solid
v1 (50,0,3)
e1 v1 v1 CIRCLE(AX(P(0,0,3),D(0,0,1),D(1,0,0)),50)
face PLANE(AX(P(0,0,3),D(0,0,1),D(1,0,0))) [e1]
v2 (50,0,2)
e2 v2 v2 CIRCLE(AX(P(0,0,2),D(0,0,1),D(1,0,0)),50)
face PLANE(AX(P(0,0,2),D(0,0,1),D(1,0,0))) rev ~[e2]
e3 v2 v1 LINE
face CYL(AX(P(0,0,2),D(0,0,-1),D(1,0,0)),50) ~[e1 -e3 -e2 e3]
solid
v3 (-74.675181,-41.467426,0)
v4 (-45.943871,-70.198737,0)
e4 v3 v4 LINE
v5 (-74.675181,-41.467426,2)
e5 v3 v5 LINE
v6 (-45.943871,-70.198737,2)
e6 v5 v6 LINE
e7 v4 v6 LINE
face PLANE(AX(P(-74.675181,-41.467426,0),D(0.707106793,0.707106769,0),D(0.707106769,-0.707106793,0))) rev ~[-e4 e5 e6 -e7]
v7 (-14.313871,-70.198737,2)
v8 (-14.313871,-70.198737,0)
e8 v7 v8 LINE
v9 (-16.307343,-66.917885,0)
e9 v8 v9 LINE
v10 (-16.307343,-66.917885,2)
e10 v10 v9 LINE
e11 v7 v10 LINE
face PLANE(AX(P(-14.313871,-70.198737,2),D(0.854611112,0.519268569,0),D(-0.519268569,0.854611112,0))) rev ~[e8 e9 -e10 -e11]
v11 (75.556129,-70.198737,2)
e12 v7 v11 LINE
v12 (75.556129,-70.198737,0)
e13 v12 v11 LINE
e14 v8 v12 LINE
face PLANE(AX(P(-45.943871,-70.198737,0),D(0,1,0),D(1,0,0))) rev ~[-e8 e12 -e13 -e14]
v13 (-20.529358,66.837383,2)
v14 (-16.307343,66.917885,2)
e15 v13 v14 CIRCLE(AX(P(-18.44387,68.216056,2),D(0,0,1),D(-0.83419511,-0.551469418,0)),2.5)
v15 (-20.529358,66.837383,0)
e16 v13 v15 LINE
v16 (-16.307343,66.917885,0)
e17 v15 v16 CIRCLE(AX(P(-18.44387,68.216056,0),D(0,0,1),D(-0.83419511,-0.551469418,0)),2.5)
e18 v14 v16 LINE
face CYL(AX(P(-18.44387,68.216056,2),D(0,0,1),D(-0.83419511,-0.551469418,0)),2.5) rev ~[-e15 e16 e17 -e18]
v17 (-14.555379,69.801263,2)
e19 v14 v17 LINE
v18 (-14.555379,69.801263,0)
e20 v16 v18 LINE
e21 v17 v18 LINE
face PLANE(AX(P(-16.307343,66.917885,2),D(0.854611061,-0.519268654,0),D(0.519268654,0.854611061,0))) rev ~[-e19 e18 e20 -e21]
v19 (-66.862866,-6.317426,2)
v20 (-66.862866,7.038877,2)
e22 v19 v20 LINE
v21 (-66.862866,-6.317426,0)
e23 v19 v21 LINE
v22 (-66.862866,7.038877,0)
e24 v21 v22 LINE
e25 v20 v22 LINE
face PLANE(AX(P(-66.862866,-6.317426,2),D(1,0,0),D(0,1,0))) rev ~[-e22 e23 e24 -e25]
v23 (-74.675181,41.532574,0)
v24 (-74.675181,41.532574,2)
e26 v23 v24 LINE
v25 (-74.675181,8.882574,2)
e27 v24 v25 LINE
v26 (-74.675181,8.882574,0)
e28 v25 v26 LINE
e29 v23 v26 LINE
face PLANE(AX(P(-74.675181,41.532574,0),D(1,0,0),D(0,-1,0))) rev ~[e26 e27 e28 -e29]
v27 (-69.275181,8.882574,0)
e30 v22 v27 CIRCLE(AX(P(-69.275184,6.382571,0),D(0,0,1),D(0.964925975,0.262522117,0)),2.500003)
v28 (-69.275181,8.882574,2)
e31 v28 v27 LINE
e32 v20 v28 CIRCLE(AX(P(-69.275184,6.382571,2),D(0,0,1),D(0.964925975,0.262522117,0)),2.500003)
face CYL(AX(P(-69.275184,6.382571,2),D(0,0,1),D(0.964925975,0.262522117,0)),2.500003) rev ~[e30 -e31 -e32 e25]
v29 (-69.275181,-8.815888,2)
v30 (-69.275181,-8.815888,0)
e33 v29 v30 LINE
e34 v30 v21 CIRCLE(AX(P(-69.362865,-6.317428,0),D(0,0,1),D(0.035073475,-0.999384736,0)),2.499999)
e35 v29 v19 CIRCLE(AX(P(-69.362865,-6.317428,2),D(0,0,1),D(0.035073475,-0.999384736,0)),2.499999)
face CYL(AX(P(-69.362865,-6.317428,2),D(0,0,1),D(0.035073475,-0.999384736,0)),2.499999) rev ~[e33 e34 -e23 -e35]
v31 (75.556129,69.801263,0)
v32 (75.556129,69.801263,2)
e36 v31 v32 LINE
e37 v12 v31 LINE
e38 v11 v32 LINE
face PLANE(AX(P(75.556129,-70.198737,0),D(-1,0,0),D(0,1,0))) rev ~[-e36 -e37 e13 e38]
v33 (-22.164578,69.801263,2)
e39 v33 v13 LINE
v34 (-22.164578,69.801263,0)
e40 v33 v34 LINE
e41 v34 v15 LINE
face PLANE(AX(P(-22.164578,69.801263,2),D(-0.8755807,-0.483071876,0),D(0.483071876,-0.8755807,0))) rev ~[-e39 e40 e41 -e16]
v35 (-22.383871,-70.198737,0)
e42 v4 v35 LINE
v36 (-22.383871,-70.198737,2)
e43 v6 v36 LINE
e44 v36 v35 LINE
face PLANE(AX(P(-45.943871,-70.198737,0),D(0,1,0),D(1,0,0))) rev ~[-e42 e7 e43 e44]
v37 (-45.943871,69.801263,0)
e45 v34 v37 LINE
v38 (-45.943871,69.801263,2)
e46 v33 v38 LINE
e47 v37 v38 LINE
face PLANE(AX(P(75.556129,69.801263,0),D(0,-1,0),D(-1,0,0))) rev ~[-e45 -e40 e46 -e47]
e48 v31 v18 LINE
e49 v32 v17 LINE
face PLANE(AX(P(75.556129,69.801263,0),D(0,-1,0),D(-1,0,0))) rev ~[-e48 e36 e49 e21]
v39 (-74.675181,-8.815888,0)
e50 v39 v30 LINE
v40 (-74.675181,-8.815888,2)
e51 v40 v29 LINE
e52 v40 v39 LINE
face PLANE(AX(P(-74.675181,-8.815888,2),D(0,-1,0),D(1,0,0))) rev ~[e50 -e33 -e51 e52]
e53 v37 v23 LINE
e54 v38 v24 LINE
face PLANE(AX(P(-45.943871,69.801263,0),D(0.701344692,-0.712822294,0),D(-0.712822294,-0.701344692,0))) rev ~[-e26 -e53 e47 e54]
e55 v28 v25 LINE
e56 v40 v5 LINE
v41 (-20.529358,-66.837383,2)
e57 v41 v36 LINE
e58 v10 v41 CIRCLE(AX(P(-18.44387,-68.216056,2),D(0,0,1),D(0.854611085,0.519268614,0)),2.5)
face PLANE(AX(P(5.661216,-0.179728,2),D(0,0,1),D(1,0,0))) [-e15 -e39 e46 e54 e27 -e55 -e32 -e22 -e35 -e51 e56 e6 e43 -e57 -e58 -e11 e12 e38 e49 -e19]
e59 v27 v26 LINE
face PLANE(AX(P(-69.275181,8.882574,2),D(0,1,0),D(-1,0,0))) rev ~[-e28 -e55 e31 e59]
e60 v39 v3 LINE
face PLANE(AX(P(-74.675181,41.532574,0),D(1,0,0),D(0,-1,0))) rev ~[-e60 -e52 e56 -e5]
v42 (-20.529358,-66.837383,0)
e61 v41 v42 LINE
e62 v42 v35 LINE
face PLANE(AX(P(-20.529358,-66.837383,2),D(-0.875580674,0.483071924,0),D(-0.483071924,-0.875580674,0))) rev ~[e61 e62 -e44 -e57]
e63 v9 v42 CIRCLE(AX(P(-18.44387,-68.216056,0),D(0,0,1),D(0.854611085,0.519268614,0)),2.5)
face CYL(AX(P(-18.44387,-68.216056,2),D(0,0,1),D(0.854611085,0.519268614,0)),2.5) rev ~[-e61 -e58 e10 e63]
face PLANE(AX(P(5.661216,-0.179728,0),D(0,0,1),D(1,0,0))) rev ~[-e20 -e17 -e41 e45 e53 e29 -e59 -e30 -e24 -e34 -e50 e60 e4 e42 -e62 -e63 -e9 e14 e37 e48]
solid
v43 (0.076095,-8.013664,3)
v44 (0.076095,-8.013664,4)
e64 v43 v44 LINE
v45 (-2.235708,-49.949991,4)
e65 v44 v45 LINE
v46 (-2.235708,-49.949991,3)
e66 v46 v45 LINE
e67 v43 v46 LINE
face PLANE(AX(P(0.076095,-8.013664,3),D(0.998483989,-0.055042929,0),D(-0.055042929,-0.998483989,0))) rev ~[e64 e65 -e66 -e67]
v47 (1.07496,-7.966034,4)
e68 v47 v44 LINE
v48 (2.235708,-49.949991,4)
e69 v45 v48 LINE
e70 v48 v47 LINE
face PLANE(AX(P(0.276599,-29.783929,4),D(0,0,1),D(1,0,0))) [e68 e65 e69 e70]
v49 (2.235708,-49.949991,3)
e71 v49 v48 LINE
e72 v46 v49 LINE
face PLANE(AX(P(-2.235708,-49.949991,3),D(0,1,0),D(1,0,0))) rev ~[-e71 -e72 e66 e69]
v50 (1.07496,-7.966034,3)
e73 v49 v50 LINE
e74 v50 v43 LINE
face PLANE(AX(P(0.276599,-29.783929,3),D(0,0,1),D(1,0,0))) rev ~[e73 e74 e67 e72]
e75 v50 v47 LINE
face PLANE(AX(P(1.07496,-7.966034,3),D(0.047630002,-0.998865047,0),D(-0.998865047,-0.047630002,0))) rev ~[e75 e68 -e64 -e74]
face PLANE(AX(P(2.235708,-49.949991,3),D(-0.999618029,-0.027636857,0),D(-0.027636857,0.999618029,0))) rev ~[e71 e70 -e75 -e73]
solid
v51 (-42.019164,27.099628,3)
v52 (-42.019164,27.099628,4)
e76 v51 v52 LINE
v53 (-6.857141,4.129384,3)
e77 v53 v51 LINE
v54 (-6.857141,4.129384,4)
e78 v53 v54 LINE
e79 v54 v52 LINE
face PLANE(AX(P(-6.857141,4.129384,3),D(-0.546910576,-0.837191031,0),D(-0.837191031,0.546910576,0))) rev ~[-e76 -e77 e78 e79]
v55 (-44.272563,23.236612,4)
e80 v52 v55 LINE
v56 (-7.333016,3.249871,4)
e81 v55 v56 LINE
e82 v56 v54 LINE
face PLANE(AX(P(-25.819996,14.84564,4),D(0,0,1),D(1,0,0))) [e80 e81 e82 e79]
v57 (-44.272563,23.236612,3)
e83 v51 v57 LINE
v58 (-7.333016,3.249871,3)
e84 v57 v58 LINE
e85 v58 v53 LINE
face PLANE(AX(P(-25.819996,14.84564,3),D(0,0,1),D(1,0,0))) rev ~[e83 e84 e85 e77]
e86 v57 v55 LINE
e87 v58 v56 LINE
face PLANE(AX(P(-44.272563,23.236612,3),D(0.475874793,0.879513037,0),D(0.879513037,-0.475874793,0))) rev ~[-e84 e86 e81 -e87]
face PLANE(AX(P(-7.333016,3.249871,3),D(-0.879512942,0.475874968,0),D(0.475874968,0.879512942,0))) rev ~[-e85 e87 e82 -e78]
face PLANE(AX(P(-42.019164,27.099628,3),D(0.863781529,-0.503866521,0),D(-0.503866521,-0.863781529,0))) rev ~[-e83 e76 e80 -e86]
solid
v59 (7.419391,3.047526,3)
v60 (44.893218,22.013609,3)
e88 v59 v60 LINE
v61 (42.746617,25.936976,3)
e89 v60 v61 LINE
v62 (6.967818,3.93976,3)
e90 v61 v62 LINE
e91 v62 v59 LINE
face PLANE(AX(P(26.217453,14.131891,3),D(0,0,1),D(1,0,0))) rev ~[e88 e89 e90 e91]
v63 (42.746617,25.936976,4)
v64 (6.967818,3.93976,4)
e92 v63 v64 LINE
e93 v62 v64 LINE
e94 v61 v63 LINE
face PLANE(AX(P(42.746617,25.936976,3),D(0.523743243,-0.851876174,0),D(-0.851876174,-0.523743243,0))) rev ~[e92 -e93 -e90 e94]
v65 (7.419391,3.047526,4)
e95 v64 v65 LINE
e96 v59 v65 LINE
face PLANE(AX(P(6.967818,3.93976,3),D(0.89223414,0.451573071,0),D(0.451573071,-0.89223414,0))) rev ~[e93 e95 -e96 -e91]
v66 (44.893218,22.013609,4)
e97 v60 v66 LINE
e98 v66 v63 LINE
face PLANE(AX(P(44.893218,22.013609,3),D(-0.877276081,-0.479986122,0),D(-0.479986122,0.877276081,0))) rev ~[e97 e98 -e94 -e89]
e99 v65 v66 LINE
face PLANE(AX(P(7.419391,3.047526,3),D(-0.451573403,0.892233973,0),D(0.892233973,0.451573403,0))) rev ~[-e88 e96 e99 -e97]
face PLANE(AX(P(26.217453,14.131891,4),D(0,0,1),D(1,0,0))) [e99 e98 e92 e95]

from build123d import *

# Parameters (mm, degrees)
F1_DEPTH = 2
F3_DEPTH = 2.001
F4_R     = 50
F5_DEPTH = 1
F7_DEPTH = 1


with BuildPart() as f1:
    # F0 (on Top) → F1 (new body)
    with BuildSketch(Plane.XY):
        Polygon((75.556129, -70.198737), (75.556129, 69.801263), (-45.943871, 69.801263), (-74.675181, 41.532574), (-74.675181, -41.467426), (-45.943871, -70.198737), align=None)
    extrude(amount=F1_DEPTH)

    # F2 (on face) → F3 (cut, through all)
    with BuildSketch(Plane.XY.offset(2)):
        with BuildLine():
            Line((-69.275181, 8.882574), (-74.675181, 8.882574))
            Line((-74.675181, 8.882574), (-74.675181, -8.815888))
            Line((-74.675181, -8.815888), (-69.275181, -8.815888))
            ThreePointArc((-69.275181, -8.815888), (-67.564365, -8.053916), (-66.862866, -6.317426))
            Line((-66.862866, -6.317426), (-66.862866, 7.038877))
            ThreePointArc((-66.862866, 7.038877), (-67.757084, 8.368871), (-69.275181, 8.882574))
        make_face()
        with BuildLine():
            Line((-14.555379, 69.801263), (-22.164578, 69.801263))
            Line((-22.164578, 69.801263), (-20.529358, 66.837383))
            ThreePointArc((-20.529358, 66.837383), (-18.396211, 65.716511), (-16.307343, 66.917885))
            Line((-16.307343, 66.917885), (-14.555379, 69.801263))
        make_face()
        with BuildLine():
            Line((-20.529358, -66.837383), (-22.383871, -70.198737))
            Line((-22.383871, -70.198737), (-14.313871, -70.198737))
            Line((-14.313871, -70.198737), (-16.307343, -66.917885))
            ThreePointArc((-16.307343, -66.917885), (-18.396211, -65.716511), (-20.529358, -66.837383))
        make_face()
    extrude(amount=-F3_DEPTH, mode=Mode.SUBTRACT)


with BuildPart() as f5:
    # F4 (on face) → F5 (new body)
    with BuildSketch(Plane.XY.offset(2)):
        Circle(F4_R)
    extrude(amount=F5_DEPTH)


with BuildPart() as f7:
    # F6 (on face) → F7 (new body)
    with BuildSketch(Plane.XY.offset(3)):
        Polygon((-42.019164, 27.099628), (-44.272563, 23.236612), (-7.333016, 3.249871), (-6.857141, 4.129384), align=None)
        Polygon((0.076095, -8.013664), (-2.235708, -49.949991), (2.235708, -49.949991), (1.07496, -7.966034), align=None)
        Polygon((44.893218, 22.013609), (42.746617, 25.936976), (6.967818, 3.93976), (7.419391, 3.047526), align=None)
    extrude(amount=F7_DEPTH)


solid = Compound([f1.part, f5.part, f7.part])
